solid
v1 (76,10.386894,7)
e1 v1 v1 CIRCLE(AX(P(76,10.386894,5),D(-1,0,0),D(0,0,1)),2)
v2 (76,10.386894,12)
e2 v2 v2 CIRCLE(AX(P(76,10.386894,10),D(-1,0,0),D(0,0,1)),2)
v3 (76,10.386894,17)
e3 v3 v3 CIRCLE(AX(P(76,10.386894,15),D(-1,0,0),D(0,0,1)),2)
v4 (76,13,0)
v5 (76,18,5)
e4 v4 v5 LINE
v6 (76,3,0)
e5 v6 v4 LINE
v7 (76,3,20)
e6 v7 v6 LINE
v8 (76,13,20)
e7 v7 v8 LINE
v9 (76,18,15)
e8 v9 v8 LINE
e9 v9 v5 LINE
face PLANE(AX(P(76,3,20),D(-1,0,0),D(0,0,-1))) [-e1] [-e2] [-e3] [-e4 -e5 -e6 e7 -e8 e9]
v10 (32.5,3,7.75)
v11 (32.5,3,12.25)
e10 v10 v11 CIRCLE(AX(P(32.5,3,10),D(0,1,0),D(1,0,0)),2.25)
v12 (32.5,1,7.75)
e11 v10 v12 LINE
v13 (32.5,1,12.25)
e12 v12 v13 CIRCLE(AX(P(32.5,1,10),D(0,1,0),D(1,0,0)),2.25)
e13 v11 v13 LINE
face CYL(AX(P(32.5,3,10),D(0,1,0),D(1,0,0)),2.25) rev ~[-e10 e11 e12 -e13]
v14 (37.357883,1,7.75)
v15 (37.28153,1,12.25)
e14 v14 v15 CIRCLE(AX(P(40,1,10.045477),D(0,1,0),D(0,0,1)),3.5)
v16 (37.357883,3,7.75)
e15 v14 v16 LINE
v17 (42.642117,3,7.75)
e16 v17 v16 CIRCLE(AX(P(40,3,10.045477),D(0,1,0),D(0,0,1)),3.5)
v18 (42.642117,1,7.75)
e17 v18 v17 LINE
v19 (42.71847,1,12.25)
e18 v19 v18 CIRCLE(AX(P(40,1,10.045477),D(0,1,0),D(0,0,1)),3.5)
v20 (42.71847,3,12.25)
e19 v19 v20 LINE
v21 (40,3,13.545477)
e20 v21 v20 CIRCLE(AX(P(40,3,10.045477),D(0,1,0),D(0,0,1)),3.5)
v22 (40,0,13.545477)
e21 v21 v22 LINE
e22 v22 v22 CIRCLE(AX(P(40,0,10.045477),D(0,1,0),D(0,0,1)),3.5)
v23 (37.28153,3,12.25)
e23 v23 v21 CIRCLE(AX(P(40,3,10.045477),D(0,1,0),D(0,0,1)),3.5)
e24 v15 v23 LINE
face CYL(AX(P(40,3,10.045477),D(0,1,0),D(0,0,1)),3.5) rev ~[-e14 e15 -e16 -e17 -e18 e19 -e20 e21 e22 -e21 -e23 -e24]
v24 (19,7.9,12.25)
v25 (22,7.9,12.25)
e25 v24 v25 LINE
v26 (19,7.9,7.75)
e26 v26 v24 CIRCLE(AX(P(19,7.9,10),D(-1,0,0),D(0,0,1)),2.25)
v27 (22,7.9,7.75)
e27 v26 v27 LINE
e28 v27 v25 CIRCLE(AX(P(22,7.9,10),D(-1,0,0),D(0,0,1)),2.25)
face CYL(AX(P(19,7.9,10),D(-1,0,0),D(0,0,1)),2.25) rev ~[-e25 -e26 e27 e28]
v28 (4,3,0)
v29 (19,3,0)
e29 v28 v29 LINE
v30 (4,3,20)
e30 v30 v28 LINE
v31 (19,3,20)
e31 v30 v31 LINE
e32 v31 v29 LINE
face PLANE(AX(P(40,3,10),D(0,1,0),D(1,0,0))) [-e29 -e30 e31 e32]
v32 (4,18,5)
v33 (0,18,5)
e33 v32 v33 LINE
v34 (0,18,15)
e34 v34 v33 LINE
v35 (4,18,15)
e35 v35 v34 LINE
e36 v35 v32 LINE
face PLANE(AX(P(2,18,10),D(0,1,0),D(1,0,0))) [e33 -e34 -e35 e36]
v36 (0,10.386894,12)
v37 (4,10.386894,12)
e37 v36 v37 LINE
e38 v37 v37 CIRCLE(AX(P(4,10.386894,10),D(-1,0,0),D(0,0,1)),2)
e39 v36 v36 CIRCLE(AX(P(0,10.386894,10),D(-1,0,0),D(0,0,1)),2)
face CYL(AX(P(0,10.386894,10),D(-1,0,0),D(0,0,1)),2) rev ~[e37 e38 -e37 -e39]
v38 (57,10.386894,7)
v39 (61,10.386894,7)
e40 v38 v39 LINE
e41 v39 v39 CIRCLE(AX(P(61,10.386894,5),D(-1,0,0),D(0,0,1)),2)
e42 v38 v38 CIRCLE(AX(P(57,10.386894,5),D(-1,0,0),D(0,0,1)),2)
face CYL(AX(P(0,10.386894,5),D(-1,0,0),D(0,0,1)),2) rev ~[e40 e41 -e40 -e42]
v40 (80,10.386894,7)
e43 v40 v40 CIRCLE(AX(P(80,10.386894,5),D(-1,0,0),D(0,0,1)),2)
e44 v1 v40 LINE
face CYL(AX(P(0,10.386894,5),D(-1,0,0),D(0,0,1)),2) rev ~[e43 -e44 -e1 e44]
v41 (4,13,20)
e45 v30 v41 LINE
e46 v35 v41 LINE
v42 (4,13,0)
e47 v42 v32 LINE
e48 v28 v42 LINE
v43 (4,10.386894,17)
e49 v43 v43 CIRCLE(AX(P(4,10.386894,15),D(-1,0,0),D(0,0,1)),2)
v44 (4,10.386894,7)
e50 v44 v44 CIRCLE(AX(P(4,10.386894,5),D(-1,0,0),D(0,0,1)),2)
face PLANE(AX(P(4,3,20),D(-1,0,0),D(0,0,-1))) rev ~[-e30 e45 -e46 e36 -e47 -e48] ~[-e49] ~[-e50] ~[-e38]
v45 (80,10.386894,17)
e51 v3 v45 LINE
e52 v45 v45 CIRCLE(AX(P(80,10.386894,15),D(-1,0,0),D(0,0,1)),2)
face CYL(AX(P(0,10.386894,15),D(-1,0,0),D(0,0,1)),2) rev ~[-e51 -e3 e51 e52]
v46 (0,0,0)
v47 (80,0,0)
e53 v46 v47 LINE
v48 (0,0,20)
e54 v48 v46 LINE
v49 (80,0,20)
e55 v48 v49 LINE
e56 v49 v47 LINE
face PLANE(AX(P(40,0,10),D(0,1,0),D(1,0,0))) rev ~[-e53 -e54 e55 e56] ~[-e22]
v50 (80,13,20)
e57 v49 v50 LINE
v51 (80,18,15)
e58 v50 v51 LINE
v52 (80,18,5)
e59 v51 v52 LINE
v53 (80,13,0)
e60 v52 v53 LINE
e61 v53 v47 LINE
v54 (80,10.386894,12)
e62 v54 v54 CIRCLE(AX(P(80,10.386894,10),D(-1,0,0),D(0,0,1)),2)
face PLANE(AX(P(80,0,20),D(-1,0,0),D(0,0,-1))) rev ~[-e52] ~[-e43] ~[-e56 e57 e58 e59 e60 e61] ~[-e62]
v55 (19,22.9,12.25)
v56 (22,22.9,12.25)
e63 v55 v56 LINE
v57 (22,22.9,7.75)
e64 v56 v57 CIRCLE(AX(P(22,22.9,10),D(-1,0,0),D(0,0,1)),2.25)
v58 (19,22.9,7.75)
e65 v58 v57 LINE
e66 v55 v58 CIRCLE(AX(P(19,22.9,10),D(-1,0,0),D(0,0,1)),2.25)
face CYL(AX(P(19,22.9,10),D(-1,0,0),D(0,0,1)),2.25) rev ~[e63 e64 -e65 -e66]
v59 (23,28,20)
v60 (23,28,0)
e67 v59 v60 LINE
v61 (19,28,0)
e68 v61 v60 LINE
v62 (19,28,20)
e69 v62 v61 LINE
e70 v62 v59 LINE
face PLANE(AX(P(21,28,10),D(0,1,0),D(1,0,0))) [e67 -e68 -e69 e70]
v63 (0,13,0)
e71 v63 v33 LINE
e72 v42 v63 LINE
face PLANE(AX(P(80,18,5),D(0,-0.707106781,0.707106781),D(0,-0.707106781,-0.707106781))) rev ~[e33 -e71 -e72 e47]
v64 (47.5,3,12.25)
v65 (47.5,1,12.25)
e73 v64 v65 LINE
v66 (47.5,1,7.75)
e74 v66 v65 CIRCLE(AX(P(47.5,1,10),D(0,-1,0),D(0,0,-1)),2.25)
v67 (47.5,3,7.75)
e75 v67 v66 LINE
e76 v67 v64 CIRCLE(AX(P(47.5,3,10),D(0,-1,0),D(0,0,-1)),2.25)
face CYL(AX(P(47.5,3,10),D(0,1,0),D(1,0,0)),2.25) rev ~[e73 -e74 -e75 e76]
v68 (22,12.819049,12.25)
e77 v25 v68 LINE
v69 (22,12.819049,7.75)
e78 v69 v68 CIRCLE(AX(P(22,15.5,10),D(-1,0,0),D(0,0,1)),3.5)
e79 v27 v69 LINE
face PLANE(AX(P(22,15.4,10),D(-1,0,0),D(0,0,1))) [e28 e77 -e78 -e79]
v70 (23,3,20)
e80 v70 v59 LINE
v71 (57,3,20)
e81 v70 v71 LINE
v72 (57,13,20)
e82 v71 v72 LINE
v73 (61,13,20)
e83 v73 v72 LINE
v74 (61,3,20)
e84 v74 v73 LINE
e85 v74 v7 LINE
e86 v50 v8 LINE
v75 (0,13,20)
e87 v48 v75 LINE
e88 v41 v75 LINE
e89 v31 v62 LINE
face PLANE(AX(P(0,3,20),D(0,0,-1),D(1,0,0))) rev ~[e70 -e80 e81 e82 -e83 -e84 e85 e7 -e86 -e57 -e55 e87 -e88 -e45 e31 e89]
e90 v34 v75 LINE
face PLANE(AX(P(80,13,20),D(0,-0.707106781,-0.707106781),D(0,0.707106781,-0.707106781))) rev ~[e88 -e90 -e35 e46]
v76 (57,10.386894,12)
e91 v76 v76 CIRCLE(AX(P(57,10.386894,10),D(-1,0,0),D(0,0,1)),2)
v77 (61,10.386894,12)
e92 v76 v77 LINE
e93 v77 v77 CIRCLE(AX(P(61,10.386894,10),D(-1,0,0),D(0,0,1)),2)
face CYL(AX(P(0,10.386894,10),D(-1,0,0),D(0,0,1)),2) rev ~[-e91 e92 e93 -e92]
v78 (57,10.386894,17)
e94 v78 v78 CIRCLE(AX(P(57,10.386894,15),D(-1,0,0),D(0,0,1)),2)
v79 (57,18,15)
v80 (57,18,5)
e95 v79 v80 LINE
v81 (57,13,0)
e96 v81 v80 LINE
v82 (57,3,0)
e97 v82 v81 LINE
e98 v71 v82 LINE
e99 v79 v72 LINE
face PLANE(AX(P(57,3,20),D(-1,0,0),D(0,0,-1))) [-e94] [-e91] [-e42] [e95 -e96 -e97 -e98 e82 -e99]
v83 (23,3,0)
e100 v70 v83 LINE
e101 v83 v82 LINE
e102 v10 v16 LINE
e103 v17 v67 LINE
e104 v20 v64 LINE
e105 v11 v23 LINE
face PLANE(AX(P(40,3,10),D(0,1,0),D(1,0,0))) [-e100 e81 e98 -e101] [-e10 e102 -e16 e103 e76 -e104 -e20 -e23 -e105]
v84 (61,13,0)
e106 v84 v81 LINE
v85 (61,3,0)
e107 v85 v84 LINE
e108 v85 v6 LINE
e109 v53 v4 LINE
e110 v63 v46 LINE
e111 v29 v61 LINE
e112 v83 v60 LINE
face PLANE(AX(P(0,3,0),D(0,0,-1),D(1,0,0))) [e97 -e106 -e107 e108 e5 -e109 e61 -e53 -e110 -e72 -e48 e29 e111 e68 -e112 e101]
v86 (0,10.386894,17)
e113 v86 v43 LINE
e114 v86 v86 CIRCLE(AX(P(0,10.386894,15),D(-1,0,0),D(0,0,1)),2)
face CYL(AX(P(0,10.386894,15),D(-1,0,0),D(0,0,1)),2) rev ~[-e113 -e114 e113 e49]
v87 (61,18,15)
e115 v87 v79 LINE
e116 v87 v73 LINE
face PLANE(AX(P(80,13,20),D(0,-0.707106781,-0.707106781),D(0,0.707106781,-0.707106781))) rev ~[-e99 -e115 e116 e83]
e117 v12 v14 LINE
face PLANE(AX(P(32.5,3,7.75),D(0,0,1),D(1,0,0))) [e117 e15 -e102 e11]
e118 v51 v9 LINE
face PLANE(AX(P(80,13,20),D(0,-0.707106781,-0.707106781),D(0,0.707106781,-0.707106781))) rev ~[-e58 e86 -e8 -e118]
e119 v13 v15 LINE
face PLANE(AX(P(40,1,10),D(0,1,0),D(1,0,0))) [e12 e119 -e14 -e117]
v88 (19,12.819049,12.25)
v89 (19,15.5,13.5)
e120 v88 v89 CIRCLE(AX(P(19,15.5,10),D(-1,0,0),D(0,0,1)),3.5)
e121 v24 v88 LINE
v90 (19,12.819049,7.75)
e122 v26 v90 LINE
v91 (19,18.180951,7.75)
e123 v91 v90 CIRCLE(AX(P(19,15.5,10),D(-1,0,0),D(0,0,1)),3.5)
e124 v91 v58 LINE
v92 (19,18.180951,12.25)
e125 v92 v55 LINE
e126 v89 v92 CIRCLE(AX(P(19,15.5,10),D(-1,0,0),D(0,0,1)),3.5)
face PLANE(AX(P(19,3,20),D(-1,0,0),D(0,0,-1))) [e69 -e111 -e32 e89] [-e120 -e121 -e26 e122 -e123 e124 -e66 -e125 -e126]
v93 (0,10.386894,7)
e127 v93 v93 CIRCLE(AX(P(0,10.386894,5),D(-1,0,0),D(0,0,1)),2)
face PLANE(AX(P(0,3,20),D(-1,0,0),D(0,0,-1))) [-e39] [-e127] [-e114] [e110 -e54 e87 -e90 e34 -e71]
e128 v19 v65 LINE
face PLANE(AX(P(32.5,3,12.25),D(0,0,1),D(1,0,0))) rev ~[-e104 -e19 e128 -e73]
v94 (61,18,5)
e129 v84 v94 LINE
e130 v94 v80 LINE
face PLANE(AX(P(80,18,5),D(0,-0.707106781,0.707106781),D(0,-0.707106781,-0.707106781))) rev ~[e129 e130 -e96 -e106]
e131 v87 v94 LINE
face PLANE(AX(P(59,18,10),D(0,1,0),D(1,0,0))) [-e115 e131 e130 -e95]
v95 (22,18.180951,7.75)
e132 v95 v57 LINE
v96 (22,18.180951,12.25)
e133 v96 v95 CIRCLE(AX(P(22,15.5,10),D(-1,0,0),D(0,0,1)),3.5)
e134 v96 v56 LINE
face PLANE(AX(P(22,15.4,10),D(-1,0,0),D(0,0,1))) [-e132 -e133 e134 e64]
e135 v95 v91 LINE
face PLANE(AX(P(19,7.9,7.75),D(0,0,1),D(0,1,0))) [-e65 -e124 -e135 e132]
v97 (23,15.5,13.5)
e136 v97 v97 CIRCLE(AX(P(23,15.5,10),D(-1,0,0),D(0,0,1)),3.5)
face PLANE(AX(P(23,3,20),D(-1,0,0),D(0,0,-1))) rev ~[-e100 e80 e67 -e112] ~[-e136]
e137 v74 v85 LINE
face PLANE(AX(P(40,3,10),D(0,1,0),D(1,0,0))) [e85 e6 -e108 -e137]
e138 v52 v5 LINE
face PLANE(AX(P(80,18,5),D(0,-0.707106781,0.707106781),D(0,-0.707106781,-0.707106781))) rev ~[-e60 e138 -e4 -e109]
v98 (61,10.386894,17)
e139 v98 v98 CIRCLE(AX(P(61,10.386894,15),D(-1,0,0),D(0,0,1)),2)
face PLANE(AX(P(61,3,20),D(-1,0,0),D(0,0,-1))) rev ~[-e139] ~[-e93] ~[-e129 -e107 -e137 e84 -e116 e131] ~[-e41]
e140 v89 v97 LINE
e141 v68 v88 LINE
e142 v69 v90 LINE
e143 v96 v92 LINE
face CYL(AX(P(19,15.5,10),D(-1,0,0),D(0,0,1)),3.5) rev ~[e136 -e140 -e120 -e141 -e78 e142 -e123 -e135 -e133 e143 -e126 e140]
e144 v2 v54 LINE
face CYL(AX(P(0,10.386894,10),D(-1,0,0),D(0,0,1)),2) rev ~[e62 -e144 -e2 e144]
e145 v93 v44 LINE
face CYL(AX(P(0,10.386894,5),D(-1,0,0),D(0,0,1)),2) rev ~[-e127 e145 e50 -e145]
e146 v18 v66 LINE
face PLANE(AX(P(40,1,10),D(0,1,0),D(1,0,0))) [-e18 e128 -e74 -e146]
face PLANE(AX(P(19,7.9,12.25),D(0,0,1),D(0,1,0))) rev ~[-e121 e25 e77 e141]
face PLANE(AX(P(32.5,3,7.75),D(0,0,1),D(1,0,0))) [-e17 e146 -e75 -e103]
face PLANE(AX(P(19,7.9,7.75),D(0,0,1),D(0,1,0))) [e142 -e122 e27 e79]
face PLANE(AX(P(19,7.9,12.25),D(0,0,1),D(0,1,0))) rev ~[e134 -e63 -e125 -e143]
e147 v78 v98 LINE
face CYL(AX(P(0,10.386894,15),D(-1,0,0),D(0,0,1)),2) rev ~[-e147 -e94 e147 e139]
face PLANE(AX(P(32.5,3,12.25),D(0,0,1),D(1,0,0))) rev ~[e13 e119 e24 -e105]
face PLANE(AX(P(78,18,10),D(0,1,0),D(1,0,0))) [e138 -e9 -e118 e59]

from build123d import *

# Parameters (mm, degrees)
SKETCH_1_W          = 80
SKETCH_1_H          = 20
EXTRUDE_1_DEPTH     = 3
SKETCH_2_R          = 3.5
CUT_EXTRUDE_1_DEPTH = 3
SKETCH_3_W          = 15
SKETCH_3_H          = 4.5
CUT_EXTRUDE_2_DEPTH = 2
SKETCH_5_R          = 2.25
CUT_EXTRUDE_3_DEPTH = 2
SKETCH_6_W          = 4
SKETCH_6_H          = 20
EXTRUDE_2_DEPTH     = 15
CUT_EXTRUDE_4_DEPTH = 83
SKETCH_8_R          = 2
CUT_EXTRUDE_5_DEPTH = 83
SKETCH_9_W          = 4
SKETCH_9_H          = 20
EXTRUDE_3_DEPTH     = 25
SKETCH_10_R         = 3.5
CUT_EXTRUDE_6_DEPTH = 6
SKETCH_11_W         = 4.5
SKETCH_11_H         = 15
CUT_EXTRUDE_7_DEPTH = 3
SKETCH_12_R         = 2.25
CUT_EXTRUDE_8_DEPTH = 3


with BuildPart() as part:
    # 草图1 → 凸台-拉伸1 (new body)
    with BuildSketch(Plane(origin=(0, 0, 0), x_dir=(1, 0, 0), z_dir=(0, 1, 0))):
        with Locations((40, -10)):
            Rectangle(SKETCH_1_W, SKETCH_1_H)
    extrude(amount=EXTRUDE_1_DEPTH)

    # 草图2 → 切除-拉伸1 (cut)
    with BuildSketch(Plane(origin=(0, 3, 0), x_dir=(1, 0, 0), z_dir=(0, 1, 0))):
        with Locations(Location((40, -10.045477327, 0), (0, 0, 270))):
            Circle(SKETCH_2_R)
    extrude(amount=-CUT_EXTRUDE_1_DEPTH, mode=Mode.SUBTRACT)

    # 草图3 → 切除-拉伸2 (cut)
    with BuildSketch(Plane(origin=(0, 3, 0), x_dir=(1, 0, 0), z_dir=(0, 1, 0))):
        with Locations((40, -10)):
            Rectangle(SKETCH_3_W, SKETCH_3_H)
    extrude(amount=-CUT_EXTRUDE_2_DEPTH, mode=Mode.SUBTRACT)

    # 草图5 → 切除-拉伸3 (cut)
    with BuildSketch(Plane(origin=(0, 3, 0), x_dir=(1, 0, 0), z_dir=(0, 1, 0))):
        with Locations((32.5, -10)):
            Circle(SKETCH_5_R)
        with Locations((47.5, -10)):
            Circle(SKETCH_5_R)
    extrude(amount=-CUT_EXTRUDE_3_DEPTH, mode=Mode.SUBTRACT)

    # 草图6 → 凸台-拉伸2 (add)
    with BuildSketch(Plane(origin=(0, 3, 0), x_dir=(1, 0, 0), z_dir=(0, 1, 0))):
        with Locations((2, -10)):
            Rectangle(SKETCH_6_W, SKETCH_6_H)
        with Locations((78, -10)):
            Rectangle(SKETCH_6_W, SKETCH_6_H)
        with Locations((59, -10)):
            Rectangle(SKETCH_6_W, SKETCH_6_H)
    extrude(amount=EXTRUDE_2_DEPTH)

    # 草图7 → 切除-拉伸4 (cut)
    with BuildSketch(Plane(origin=(80, 0, 0), x_dir=(0, 0, -1), z_dir=(1, 0, 0))):
        Polygon((-20, 13), (-15, 18), (-20, 18), align=None)
        Polygon((0, 13), (0, 18), (-5, 18), align=None)
    extrude(amount=-CUT_EXTRUDE_4_DEPTH, mode=Mode.SUBTRACT)

    # 草图8 → 切除-拉伸5 (cut)
    with BuildSketch(Plane.ZY):
        with Locations((5, 10.386894075)):
            Circle(SKETCH_8_R)
        with Locations((10, 10.386894075)):
            Circle(SKETCH_8_R)
        with Locations((15, 10.386894075)):
            Circle(SKETCH_8_R)
    extrude(amount=-CUT_EXTRUDE_5_DEPTH, mode=Mode.SUBTRACT)

    # 草图9 → 凸台-拉伸3 (add)
    with BuildSketch(Plane(origin=(0, 3, 0), x_dir=(1, 0, 0), z_dir=(0, 1, 0))):
        with Locations((21, -10)):
            Rectangle(SKETCH_9_W, SKETCH_9_H)
    extrude(amount=EXTRUDE_3_DEPTH)

    # 草图10 → 切除-拉伸6 (cut)
    with BuildSketch(Plane.ZY.offset(-19)):
        with Locations((10, 15.5)):
            Circle(SKETCH_10_R)
    extrude(amount=-CUT_EXTRUDE_6_DEPTH, mode=Mode.SUBTRACT)

    # 草图11 → 切除-拉伸7 (cut)
    with BuildSketch(Plane.ZY.offset(-19)):
        with Locations((10, 15.4)):
            Rectangle(SKETCH_11_W, SKETCH_11_H)
    extrude(amount=-CUT_EXTRUDE_7_DEPTH, mode=Mode.SUBTRACT)

    # 草图12 → 切除-拉伸8 (cut)
    with BuildSketch(Plane.ZY.offset(-19)):
        with Locations((10, 22.9)):
            Circle(SKETCH_12_R)
        with Locations((10, 7.9)):
            Circle(SKETCH_12_R)
    extrude(amount=-CUT_EXTRUDE_8_DEPTH, mode=Mode.SUBTRACT)


solid = part.part
